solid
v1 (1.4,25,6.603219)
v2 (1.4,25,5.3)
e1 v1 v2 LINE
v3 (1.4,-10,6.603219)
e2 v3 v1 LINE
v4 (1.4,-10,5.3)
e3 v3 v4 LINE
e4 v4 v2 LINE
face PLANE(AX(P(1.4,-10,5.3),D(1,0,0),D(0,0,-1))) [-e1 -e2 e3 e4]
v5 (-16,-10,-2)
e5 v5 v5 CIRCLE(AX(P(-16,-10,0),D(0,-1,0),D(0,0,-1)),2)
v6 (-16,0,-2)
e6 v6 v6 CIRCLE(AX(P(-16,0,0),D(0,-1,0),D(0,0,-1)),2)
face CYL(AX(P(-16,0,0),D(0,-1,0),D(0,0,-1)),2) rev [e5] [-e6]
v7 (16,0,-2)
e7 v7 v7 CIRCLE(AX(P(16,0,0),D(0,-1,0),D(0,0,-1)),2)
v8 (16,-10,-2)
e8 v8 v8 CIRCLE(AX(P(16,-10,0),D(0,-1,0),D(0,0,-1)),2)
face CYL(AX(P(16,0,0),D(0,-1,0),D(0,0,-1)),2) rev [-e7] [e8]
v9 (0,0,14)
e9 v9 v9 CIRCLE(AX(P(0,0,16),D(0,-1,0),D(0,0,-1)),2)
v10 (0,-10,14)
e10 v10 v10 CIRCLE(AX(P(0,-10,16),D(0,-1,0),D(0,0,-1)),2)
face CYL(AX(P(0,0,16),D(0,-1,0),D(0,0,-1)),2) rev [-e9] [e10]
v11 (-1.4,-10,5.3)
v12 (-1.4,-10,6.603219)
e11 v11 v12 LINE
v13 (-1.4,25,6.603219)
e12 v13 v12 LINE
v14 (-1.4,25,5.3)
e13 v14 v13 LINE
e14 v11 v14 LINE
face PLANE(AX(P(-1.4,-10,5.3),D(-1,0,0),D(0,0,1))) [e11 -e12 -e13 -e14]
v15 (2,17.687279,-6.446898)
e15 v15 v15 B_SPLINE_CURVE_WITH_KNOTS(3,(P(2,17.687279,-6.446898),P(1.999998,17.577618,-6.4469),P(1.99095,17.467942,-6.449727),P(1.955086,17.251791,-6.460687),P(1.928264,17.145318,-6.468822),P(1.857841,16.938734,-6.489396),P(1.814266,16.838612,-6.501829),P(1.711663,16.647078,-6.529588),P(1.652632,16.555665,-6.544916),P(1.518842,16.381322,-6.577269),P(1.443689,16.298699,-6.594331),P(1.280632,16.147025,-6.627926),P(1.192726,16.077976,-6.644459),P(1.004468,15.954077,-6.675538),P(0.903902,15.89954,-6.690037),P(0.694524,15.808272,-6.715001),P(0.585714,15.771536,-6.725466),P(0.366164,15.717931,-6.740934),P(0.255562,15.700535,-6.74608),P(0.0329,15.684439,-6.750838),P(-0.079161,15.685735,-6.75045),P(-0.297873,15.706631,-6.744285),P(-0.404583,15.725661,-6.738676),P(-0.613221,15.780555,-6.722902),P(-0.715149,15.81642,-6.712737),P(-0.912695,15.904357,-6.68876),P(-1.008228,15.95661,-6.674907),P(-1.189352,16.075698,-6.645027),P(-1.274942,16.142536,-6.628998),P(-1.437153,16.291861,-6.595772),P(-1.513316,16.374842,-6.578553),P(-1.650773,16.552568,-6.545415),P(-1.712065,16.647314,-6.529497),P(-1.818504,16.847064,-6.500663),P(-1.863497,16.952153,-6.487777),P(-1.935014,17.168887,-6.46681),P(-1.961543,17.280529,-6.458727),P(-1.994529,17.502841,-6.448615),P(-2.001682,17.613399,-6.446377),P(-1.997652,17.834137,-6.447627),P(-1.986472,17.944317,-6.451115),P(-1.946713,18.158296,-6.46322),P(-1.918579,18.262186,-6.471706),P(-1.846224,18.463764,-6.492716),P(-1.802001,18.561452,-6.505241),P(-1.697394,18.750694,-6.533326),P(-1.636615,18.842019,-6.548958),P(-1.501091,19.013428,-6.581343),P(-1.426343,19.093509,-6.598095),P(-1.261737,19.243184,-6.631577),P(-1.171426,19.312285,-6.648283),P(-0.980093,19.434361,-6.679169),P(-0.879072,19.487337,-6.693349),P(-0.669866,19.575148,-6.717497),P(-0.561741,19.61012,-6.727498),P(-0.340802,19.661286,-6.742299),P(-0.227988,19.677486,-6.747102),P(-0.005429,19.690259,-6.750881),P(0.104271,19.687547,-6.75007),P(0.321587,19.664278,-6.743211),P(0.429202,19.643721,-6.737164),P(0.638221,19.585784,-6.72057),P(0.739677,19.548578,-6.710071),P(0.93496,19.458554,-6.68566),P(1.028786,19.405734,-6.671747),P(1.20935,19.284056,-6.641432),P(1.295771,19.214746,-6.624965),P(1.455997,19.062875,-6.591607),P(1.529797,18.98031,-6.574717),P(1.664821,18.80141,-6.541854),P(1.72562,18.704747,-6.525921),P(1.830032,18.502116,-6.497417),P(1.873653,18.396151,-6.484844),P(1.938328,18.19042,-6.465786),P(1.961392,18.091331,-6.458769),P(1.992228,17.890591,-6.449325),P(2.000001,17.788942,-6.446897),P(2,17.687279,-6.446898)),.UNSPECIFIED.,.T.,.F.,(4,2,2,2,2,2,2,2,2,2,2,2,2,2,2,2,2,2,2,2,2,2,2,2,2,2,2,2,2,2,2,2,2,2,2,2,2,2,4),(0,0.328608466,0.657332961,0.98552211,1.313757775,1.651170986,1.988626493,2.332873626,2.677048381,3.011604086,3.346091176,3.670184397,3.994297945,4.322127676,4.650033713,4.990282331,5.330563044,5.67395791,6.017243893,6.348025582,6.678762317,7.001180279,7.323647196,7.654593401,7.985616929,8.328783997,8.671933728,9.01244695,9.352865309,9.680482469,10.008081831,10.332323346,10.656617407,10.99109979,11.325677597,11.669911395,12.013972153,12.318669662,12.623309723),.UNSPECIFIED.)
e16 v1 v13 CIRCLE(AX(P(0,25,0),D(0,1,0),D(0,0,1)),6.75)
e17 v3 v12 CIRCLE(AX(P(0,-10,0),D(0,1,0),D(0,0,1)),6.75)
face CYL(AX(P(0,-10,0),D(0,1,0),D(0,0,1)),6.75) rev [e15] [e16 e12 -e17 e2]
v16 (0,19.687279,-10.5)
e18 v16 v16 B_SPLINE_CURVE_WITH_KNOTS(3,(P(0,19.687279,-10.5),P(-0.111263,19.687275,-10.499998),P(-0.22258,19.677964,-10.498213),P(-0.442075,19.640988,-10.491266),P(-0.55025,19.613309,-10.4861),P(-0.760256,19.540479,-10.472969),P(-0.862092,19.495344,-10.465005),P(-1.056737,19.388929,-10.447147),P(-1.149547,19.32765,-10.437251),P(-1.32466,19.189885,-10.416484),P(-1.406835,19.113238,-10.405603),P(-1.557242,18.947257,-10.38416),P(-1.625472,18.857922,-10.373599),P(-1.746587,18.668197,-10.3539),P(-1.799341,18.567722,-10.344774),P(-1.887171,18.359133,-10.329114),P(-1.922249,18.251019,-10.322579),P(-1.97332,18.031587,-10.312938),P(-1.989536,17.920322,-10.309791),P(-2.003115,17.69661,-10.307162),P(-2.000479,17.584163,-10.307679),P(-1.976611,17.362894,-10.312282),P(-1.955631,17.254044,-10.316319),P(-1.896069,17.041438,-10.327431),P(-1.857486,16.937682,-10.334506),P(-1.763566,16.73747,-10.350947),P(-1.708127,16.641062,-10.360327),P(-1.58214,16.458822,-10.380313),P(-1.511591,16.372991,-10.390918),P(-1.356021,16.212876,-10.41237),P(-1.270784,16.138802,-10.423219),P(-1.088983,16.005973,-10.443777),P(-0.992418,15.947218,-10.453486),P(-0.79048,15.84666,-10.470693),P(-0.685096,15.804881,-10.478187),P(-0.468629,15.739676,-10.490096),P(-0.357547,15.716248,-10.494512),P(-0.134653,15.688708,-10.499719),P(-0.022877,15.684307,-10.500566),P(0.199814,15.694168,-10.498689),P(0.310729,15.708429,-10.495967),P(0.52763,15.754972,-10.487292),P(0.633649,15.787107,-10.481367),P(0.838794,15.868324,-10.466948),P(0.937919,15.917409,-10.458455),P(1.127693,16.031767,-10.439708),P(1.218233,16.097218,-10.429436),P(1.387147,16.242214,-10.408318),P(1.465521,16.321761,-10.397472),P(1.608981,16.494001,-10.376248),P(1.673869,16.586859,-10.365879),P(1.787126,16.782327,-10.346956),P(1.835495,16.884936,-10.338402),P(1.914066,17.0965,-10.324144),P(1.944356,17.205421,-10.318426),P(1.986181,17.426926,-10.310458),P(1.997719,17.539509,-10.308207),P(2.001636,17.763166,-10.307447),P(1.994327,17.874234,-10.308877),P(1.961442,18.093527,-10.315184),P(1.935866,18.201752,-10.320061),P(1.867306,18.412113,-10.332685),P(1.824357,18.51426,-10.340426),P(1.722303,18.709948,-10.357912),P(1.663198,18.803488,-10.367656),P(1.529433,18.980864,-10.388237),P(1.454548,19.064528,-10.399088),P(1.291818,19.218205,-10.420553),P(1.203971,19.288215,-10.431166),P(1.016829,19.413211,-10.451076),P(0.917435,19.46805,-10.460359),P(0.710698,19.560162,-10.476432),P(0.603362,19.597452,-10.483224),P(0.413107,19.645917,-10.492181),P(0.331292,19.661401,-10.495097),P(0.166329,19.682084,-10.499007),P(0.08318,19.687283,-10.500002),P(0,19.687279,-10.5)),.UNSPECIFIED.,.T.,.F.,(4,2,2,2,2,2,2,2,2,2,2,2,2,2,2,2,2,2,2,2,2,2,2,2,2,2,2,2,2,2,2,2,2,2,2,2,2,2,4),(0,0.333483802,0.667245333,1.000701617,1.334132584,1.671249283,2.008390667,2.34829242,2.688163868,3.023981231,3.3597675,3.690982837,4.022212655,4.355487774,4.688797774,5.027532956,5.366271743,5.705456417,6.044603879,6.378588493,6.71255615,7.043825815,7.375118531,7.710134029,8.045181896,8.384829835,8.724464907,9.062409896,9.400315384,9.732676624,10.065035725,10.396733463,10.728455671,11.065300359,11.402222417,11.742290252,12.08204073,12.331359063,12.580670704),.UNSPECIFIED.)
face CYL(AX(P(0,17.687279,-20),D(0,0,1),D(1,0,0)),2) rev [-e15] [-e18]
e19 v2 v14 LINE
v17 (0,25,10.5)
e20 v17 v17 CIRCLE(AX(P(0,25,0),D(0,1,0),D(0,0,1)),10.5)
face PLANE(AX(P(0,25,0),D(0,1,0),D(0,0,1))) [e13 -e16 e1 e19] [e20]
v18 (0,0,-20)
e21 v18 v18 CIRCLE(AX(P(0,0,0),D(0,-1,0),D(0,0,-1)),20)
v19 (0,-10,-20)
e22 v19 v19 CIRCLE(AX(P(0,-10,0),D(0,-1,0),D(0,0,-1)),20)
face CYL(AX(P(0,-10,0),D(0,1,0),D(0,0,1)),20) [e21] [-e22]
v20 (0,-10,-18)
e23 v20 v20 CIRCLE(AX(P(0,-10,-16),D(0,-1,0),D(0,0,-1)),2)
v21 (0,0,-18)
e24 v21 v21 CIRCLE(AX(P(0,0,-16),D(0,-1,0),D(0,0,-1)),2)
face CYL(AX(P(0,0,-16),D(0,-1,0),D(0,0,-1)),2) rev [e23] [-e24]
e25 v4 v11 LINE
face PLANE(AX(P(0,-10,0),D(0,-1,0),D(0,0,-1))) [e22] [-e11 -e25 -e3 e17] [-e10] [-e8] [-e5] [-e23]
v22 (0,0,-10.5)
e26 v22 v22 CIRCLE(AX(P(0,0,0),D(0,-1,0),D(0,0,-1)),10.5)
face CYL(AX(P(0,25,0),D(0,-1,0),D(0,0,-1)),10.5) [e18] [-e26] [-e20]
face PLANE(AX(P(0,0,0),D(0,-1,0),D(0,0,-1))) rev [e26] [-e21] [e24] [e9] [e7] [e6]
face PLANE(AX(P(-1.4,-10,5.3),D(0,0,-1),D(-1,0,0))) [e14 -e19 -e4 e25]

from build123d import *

# Parameters (mm, degrees)
SKETCH1_R           = 10.5
BOSS_EXTRUDE1_DEPTH = 25
SKETCH4_R           = 20
BOSS_EXTRUDE2_DEPTH = 10
SKETCH5_R           = 6.75
CUT_EXTRUDE1_DEPTH  = 46
SKETCH6_W           = 2.8
SKETCH6_H           = 2.9
BOSS_EXTRUDE3_DEPTH = 35
SKETCH7_R           = 2
CUT_EXTRUDE2_DEPTH  = 10
SKETCH8_R           = 2
CUT_EXTRUDE3_DEPTH  = 20


with BuildPart() as part:
    # Sketch1 → Boss-Extrude1 (new body)
    with BuildSketch(Plane(origin=(0, 0, 0), x_dir=(1, 0, 0), z_dir=(0, 1, 0))):
        with Locations(Location((0, 0, 0), (0, 0, 270))):
            Circle(SKETCH1_R)
    extrude(amount=BOSS_EXTRUDE1_DEPTH)

    # Sketch4 → Boss-Extrude2 (add)
    with BuildSketch(Plane.XZ):
        with Locations(Location((0, 0, 0), (0, 0, 270))):
            Circle(SKETCH4_R)
    extrude(amount=BOSS_EXTRUDE2_DEPTH)

    # Sketch5 → Cut-Extrude1 (cut, through all)
    with BuildSketch(Plane(origin=(0, 25, 0), x_dir=(1, 0, 0), z_dir=(0, 1, 0))):
        with Locations(Location((0, 0, 0), (0, 0, 270))):
            Circle(SKETCH5_R)
    extrude(amount=-CUT_EXTRUDE1_DEPTH, mode=Mode.SUBTRACT)

    # Sketch6 → Boss-Extrude3 (add, through all)
    with BuildSketch(Plane(origin=(0, 25, 0), x_dir=(1, 0, 0), z_dir=(0, 1, 0))):
        with Locations((0, -6.75)):
            Rectangle(SKETCH6_W, SKETCH6_H)
    extrude(amount=-BOSS_EXTRUDE3_DEPTH)

    # Sketch7 → Cut-Extrude2 (cut)
    with BuildSketch(Plane.XZ.offset(10)):
        with Locations(Location((0, 16, 0), (0, 0, 270))):
            Circle(SKETCH7_R)
        with Locations(Location((16, 0, 0), (0, 0, 270))):
            Circle(SKETCH7_R)
        with Locations(Location((0, -16, 0), (0, 0, 270))):
            Circle(SKETCH7_R)
        with Locations(Location((-16, 0, 0), (0, 0, 270))):
            Circle(SKETCH7_R)
    extrude(amount=-CUT_EXTRUDE2_DEPTH, mode=Mode.SUBTRACT)

    # Sketch8 → Cut-Extrude3 (cut)
    with BuildSketch(Plane.XY):
        with Locations((0, 17.687279486)):
            Circle(SKETCH8_R)
    extrude(amount=-CUT_EXTRUDE3_DEPTH, mode=Mode.SUBTRACT)


solid = part.part
